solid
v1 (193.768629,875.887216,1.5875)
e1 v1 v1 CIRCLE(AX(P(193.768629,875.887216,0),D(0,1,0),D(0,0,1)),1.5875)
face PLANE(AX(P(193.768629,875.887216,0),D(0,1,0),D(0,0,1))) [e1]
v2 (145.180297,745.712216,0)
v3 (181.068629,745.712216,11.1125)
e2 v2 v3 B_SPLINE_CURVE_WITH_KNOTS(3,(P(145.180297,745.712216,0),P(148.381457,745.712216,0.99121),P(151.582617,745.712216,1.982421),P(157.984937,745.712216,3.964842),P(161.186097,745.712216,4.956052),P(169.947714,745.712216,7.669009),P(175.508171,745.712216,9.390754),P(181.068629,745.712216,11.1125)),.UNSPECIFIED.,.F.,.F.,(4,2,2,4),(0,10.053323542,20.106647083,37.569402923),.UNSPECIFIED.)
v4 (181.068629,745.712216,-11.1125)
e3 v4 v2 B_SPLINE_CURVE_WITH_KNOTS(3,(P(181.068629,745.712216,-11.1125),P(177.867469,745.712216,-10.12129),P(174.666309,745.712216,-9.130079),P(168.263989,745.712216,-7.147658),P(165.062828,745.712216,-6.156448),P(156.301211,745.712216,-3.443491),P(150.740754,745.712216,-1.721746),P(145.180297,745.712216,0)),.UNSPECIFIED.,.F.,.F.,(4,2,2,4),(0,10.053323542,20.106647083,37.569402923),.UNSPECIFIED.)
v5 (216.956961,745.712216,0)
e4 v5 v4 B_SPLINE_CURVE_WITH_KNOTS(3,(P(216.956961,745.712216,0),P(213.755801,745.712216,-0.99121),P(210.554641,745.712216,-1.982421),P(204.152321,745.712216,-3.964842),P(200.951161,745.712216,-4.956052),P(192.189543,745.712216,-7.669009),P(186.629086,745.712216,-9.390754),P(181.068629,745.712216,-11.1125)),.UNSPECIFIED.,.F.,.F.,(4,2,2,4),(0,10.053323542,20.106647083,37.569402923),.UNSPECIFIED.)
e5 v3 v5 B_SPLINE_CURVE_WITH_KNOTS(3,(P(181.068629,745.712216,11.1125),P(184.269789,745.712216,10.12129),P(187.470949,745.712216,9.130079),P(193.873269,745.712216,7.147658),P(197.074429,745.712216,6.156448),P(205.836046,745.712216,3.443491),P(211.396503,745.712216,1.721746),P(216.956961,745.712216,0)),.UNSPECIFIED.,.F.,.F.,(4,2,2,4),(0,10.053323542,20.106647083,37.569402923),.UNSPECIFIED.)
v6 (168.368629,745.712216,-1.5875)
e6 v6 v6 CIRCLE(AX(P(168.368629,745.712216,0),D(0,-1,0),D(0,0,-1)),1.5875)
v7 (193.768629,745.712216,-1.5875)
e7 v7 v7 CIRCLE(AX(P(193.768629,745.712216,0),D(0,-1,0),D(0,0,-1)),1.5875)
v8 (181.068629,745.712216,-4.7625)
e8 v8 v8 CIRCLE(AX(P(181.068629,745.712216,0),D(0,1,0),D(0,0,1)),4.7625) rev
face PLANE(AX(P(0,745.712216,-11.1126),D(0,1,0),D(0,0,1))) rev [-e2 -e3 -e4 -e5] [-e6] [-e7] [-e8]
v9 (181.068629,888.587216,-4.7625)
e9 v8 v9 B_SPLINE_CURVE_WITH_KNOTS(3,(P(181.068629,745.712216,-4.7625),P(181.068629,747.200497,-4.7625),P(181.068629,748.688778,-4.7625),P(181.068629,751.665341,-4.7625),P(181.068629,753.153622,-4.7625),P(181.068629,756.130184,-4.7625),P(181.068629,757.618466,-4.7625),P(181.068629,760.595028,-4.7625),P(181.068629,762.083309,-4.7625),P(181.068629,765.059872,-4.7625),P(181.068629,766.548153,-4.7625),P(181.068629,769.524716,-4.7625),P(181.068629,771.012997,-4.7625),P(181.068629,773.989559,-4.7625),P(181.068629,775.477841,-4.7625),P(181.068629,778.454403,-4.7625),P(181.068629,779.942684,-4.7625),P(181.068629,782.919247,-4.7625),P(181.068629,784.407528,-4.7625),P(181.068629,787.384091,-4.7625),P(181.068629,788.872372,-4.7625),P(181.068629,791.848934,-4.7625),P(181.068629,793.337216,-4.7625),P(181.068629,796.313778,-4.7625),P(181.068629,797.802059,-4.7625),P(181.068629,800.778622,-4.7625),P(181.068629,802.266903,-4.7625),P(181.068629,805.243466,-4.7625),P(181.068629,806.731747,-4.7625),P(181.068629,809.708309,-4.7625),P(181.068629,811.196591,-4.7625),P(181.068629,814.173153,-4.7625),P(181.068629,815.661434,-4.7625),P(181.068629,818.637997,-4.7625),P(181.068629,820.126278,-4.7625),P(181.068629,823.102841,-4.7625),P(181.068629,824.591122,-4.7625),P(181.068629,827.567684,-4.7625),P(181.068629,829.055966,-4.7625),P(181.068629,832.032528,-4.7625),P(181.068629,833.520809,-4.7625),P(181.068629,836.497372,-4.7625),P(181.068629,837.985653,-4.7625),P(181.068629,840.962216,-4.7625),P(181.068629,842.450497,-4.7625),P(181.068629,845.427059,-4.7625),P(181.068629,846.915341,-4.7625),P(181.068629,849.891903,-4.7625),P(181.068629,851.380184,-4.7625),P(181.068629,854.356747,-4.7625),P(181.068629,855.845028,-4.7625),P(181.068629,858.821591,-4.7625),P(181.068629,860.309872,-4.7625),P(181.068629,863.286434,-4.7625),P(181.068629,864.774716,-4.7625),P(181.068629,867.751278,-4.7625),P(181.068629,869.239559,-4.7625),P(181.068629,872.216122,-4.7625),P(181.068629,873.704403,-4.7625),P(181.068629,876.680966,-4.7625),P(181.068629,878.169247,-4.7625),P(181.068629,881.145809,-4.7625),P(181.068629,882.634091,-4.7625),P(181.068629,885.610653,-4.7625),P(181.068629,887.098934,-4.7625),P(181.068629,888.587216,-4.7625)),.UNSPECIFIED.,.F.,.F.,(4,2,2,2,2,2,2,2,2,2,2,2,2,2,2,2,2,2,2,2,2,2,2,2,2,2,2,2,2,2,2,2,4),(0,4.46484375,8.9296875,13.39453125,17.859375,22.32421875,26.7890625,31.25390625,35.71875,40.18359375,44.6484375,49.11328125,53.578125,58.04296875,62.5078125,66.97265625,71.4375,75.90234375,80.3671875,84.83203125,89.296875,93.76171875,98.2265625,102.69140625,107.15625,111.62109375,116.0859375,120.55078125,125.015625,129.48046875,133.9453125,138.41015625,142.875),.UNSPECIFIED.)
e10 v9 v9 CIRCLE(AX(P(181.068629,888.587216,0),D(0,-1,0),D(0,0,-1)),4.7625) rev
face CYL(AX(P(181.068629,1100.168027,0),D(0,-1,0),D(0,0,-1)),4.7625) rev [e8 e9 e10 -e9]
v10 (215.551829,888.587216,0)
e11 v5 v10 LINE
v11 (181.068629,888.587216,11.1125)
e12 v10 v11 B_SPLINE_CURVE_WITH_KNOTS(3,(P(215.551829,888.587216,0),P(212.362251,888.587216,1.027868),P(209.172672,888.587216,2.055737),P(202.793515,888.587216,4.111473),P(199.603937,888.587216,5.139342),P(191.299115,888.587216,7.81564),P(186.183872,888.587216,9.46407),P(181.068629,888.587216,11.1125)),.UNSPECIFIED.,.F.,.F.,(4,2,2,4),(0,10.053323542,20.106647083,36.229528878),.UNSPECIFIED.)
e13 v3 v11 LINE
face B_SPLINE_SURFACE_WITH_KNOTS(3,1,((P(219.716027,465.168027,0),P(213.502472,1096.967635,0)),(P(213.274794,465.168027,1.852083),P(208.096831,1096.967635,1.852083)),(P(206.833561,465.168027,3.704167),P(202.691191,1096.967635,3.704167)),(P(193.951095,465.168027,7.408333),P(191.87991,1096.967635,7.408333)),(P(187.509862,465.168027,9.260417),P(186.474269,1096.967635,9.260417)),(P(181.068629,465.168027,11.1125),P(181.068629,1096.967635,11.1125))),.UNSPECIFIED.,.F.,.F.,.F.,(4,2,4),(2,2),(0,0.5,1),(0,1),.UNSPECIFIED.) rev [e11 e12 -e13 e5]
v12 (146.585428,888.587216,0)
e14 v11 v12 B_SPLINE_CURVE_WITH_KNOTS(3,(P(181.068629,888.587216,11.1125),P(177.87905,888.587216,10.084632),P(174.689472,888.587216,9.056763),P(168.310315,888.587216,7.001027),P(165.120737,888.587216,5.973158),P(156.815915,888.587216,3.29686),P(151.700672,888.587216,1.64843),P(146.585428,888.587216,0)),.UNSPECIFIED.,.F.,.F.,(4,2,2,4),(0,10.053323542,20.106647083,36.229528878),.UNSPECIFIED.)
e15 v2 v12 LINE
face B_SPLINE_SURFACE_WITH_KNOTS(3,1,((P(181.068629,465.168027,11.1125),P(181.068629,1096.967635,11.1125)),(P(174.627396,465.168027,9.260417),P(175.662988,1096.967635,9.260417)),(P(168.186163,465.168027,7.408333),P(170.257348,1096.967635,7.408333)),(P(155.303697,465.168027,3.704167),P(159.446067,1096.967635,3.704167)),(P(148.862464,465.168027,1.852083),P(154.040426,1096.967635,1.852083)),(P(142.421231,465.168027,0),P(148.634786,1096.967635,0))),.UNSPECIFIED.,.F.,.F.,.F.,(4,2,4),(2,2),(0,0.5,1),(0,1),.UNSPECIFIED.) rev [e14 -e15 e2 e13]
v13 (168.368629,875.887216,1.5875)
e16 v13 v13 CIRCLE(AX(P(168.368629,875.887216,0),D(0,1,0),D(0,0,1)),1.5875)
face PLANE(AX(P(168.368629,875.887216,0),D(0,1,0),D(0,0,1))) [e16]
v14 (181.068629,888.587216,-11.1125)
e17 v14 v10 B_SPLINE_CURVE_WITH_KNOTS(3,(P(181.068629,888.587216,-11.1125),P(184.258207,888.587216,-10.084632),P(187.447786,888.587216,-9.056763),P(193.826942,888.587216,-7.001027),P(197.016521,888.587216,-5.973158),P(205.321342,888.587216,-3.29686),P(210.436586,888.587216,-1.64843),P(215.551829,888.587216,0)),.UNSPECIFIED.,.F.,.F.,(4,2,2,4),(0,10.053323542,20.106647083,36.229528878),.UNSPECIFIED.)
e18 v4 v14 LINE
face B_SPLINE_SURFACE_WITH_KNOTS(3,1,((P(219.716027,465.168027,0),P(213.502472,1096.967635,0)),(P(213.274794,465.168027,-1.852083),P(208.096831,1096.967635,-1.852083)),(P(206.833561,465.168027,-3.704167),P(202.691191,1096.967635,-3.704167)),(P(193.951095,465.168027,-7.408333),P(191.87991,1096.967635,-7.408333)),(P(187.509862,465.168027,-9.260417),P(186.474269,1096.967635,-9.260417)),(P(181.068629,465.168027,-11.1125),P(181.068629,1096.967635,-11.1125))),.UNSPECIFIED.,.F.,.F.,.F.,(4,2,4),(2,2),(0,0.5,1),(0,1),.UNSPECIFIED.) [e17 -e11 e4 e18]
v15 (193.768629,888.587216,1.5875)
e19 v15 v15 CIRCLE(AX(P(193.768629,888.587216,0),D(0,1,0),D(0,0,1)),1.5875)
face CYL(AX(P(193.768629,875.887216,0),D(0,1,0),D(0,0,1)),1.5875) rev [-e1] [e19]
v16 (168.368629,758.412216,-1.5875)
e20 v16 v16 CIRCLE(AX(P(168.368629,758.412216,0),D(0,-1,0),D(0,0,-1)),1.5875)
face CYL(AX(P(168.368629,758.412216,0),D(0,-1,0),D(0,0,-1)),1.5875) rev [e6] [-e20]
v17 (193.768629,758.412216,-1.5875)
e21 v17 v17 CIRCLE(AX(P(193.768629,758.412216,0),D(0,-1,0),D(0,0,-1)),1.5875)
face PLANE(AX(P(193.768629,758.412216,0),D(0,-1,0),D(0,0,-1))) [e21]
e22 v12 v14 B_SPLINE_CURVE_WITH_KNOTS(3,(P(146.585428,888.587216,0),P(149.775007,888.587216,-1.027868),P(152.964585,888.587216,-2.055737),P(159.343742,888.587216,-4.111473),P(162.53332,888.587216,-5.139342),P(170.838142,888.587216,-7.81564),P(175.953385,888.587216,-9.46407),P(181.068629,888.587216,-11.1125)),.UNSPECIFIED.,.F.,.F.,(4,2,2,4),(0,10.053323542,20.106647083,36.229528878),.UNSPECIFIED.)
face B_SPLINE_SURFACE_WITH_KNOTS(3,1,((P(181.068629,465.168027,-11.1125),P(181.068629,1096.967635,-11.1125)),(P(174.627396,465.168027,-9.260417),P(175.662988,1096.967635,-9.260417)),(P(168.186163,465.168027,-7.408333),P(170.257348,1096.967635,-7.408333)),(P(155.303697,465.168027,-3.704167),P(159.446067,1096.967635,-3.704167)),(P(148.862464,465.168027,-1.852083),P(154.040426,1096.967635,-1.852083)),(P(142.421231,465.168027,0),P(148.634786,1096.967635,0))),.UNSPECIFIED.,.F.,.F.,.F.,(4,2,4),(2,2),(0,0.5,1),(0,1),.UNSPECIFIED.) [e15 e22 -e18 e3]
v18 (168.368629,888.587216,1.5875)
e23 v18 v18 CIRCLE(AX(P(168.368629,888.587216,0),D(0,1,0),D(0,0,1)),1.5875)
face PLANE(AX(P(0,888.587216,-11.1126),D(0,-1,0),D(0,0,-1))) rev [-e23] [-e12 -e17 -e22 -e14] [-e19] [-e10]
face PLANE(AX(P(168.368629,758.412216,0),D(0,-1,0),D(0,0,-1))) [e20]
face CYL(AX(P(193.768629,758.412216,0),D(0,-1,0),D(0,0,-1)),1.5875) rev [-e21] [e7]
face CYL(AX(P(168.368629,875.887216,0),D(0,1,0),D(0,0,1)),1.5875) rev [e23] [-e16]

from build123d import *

# Parameters (mm, degrees)
BOSS_EXTRUDE1_DEPTH      = 11.1125
BOSS_EXTRUDE1_DEPTH_BACK = 11.1125
SKETCH5_W                = 109.877468776
SKETCH5_H                = 283.051122129
CUT_EXTRUDE2_DEPTH       = 1193.492852366
SKETCH6_W                = 149.121482991
SKETCH6_H                = 108.921761737
CUT_EXTRUDE3_DEPTH       = 1175.662940665
SKETCH7_R                = 4.7625
CUT_EXTRUDE4_DEPTH       = 635
CUT_EXTRUDE8_DEPTH       = 1195.766301895
CUT_EXTRUDE8_DEPTH_BACK  = 1195.766301895
SKETCH8_W                = 149.774750394
SKETCH8_H                = 148.832770831
SKETCH8_H_2              = 142.875
SKETCH8_H_3              = 176.125878949
SKETCH13_R               = 1.5875
CUT_EXTRUDE11_DEPTH      = 12.7
CUT_EXTRUDE12_START      = -12.7
SKETCH14_R               = 1.5875
CUT_EXTRUDE12_DEPTH      = 12.7


with BuildPart() as part:
    # Sketch1 → Boss-Extrude1 (new, two sides: drawn at the far end of the back side and taken through both)
    with BuildSketch(Plane.XY.offset(-BOSS_EXTRUDE1_DEPTH_BACK)):
        Polygon((142.42123069, 465.168027231), (219.716026672, 465.168027231), (213.502471629, 1096.967634552), (181.068628681, 1174.337215652), (148.634785732, 1096.967634552), align=None)
    extrude(amount=BOSS_EXTRUDE1_DEPTH + BOSS_EXTRUDE1_DEPTH_BACK)

    # Sketch2 → Cut-Loft1 section 0
    with BuildSketch(Plane.XZ.offset(-465.168027231)):
        with BuildLine():
            Line((142.42123069, 0), (181.068628681, 11.1125))
            Line((181.068628681, 11.1125), (219.716026672, 0))
            Line((219.716026672, 0), (222.70513775, 0))
            Line((222.70513775, 0), (222.70513775, 15.258366339))
            Line((222.70513775, 15.258366339), (137.848628215, 15.258366339))
            Line((137.848628215, 15.258366339), (137.848628215, 0))
            Line((137.848628215, 0), (142.42123069, 0))
        make_face()
    # Sketch3 → Cut-Loft1 section 1
    with BuildSketch(Plane(origin=(0, 1096.967634552, 0), x_dir=(1, 0, 0), z_dir=(0, 1, 0))):
        with BuildLine():
            Line((213.502471629, 0), (181.068628681, -11.1125))
            Line((181.068628681, -11.1125), (148.634785732, 0))
            Line((148.634785732, 0), (137.848628215, 0))
            Line((137.848628215, 0), (137.848628215, -15.258366339))
            Line((137.848628215, -15.258366339), (222.70513775, -15.258366339))
            Line((222.70513775, -15.258366339), (222.70513775, 0))
            Line((222.70513775, 0), (213.502471629, 0))
        make_face()
    cut_loft1 = loft(mode=Mode.SUBTRACT)

    # Mirror1: Cut-Loft1 across plane
    add(cut_loft1.mirror(Plane.XY), mode=Mode.SUBTRACT)

    # Sketch5 → Cut-Extrude2 (cut, through all)
    with BuildSketch(Plane(origin=(-32.103098407, 13.457832356, 93.698704331), x_dir=(0.9470206004067627, 0.045661094409327196, 0.31791043842968925), z_dir=(-0.3211728232668741, 0.1346377834927197, 0.937401026696127))):
        with Locations((219.349244299, 1139.303724701)):
            Rectangle(SKETCH5_W, SKETCH5_H)
    cut_extrude2 = extrude(amount=CUT_EXTRUDE2_DEPTH, mode=Mode.SUBTRACT)

    # Sketch6 → Cut-Extrude3 (cut, through all)
    with BuildSketch(Plane(origin=(69.458274406, 29.117370568, 202.726547902), x_dir=(0.9470206004067623, -0.045661094409327495, -0.31791043842969063), z_dir=(0.3211728232668754, 0.13463778349272, 0.9374010266961263))):
        with Locations((131.752816965, 1118.922251835)):
            Rectangle(SKETCH6_W, SKETCH6_H)
    cut_extrude3 = extrude(amount=CUT_EXTRUDE3_DEPTH, mode=Mode.SUBTRACT)

    # Mirror2: Cut-Extrude2, Cut-Extrude3 across plane
    add(cut_extrude2.mirror(Plane.XY), mode=Mode.SUBTRACT)
    add(cut_extrude3.mirror(Plane.XY), mode=Mode.SUBTRACT)

    # Sketch7 → Cut-Extrude4 (cut)
    with BuildSketch(Plane.XZ.offset(-465.168027231)):
        with Locations(Location((181.068628681, 0, 0), (0, 0, 270))):
            Circle(SKETCH7_R)
    extrude(amount=-CUT_EXTRUDE4_DEPTH, mode=Mode.SUBTRACT)

    # Sketch8 → Cut-Extrude8 (cut, two sides: drawn at the far end of the back side and taken through both)
    with BuildSketch(Plane.XY.offset(-CUT_EXTRUDE8_DEPTH_BACK)):
        with Locations((180.5976389, 528.420830237)):
            Rectangle(SKETCH8_W, SKETCH8_H)
        with Locations((180.5976389, 960.024715652)):
            Rectangle(SKETCH8_W, SKETCH8_H_2)
        with Locations((180.5976389, 1119.525155127)):
            Rectangle(SKETCH8_W, SKETCH8_H_3)
        with Locations((180.5976389, 674.274715652)):
            Rectangle(SKETCH8_W, SKETCH8_H_2)
    extrude(amount=CUT_EXTRUDE8_DEPTH + CUT_EXTRUDE8_DEPTH_BACK, mode=Mode.SUBTRACT)

    # Sketch13 → Cut-Extrude11 (cut)
    with BuildSketch(Plane.XZ.offset(-745.712215652)):
        with Locations(Location((168.368628681, 0, 0), (0, 0, 270))):
            Circle(SKETCH13_R)
        with Locations(Location((193.768628681, 0, 0), (0, 0, 270))):
            Circle(SKETCH13_R)
    extrude(amount=-CUT_EXTRUDE11_DEPTH, mode=Mode.SUBTRACT)

    # Sketch14 → Cut-Extrude12 (cut)
    with BuildSketch(Plane(origin=(0, 888.587215652, 0), x_dir=(1, 0, 0), z_dir=(0, 1, 0)).offset(CUT_EXTRUDE12_START)):
        with Locations(Location((168.368628681, 0, 0), (0, 0, 90))):
            Circle(SKETCH14_R)
        with Locations(Location((193.768628681, 0, 0), (0, 0, 90))):
            Circle(SKETCH14_R)
    extrude(amount=CUT_EXTRUDE12_DEPTH, mode=Mode.SUBTRACT)


solid = part.part
